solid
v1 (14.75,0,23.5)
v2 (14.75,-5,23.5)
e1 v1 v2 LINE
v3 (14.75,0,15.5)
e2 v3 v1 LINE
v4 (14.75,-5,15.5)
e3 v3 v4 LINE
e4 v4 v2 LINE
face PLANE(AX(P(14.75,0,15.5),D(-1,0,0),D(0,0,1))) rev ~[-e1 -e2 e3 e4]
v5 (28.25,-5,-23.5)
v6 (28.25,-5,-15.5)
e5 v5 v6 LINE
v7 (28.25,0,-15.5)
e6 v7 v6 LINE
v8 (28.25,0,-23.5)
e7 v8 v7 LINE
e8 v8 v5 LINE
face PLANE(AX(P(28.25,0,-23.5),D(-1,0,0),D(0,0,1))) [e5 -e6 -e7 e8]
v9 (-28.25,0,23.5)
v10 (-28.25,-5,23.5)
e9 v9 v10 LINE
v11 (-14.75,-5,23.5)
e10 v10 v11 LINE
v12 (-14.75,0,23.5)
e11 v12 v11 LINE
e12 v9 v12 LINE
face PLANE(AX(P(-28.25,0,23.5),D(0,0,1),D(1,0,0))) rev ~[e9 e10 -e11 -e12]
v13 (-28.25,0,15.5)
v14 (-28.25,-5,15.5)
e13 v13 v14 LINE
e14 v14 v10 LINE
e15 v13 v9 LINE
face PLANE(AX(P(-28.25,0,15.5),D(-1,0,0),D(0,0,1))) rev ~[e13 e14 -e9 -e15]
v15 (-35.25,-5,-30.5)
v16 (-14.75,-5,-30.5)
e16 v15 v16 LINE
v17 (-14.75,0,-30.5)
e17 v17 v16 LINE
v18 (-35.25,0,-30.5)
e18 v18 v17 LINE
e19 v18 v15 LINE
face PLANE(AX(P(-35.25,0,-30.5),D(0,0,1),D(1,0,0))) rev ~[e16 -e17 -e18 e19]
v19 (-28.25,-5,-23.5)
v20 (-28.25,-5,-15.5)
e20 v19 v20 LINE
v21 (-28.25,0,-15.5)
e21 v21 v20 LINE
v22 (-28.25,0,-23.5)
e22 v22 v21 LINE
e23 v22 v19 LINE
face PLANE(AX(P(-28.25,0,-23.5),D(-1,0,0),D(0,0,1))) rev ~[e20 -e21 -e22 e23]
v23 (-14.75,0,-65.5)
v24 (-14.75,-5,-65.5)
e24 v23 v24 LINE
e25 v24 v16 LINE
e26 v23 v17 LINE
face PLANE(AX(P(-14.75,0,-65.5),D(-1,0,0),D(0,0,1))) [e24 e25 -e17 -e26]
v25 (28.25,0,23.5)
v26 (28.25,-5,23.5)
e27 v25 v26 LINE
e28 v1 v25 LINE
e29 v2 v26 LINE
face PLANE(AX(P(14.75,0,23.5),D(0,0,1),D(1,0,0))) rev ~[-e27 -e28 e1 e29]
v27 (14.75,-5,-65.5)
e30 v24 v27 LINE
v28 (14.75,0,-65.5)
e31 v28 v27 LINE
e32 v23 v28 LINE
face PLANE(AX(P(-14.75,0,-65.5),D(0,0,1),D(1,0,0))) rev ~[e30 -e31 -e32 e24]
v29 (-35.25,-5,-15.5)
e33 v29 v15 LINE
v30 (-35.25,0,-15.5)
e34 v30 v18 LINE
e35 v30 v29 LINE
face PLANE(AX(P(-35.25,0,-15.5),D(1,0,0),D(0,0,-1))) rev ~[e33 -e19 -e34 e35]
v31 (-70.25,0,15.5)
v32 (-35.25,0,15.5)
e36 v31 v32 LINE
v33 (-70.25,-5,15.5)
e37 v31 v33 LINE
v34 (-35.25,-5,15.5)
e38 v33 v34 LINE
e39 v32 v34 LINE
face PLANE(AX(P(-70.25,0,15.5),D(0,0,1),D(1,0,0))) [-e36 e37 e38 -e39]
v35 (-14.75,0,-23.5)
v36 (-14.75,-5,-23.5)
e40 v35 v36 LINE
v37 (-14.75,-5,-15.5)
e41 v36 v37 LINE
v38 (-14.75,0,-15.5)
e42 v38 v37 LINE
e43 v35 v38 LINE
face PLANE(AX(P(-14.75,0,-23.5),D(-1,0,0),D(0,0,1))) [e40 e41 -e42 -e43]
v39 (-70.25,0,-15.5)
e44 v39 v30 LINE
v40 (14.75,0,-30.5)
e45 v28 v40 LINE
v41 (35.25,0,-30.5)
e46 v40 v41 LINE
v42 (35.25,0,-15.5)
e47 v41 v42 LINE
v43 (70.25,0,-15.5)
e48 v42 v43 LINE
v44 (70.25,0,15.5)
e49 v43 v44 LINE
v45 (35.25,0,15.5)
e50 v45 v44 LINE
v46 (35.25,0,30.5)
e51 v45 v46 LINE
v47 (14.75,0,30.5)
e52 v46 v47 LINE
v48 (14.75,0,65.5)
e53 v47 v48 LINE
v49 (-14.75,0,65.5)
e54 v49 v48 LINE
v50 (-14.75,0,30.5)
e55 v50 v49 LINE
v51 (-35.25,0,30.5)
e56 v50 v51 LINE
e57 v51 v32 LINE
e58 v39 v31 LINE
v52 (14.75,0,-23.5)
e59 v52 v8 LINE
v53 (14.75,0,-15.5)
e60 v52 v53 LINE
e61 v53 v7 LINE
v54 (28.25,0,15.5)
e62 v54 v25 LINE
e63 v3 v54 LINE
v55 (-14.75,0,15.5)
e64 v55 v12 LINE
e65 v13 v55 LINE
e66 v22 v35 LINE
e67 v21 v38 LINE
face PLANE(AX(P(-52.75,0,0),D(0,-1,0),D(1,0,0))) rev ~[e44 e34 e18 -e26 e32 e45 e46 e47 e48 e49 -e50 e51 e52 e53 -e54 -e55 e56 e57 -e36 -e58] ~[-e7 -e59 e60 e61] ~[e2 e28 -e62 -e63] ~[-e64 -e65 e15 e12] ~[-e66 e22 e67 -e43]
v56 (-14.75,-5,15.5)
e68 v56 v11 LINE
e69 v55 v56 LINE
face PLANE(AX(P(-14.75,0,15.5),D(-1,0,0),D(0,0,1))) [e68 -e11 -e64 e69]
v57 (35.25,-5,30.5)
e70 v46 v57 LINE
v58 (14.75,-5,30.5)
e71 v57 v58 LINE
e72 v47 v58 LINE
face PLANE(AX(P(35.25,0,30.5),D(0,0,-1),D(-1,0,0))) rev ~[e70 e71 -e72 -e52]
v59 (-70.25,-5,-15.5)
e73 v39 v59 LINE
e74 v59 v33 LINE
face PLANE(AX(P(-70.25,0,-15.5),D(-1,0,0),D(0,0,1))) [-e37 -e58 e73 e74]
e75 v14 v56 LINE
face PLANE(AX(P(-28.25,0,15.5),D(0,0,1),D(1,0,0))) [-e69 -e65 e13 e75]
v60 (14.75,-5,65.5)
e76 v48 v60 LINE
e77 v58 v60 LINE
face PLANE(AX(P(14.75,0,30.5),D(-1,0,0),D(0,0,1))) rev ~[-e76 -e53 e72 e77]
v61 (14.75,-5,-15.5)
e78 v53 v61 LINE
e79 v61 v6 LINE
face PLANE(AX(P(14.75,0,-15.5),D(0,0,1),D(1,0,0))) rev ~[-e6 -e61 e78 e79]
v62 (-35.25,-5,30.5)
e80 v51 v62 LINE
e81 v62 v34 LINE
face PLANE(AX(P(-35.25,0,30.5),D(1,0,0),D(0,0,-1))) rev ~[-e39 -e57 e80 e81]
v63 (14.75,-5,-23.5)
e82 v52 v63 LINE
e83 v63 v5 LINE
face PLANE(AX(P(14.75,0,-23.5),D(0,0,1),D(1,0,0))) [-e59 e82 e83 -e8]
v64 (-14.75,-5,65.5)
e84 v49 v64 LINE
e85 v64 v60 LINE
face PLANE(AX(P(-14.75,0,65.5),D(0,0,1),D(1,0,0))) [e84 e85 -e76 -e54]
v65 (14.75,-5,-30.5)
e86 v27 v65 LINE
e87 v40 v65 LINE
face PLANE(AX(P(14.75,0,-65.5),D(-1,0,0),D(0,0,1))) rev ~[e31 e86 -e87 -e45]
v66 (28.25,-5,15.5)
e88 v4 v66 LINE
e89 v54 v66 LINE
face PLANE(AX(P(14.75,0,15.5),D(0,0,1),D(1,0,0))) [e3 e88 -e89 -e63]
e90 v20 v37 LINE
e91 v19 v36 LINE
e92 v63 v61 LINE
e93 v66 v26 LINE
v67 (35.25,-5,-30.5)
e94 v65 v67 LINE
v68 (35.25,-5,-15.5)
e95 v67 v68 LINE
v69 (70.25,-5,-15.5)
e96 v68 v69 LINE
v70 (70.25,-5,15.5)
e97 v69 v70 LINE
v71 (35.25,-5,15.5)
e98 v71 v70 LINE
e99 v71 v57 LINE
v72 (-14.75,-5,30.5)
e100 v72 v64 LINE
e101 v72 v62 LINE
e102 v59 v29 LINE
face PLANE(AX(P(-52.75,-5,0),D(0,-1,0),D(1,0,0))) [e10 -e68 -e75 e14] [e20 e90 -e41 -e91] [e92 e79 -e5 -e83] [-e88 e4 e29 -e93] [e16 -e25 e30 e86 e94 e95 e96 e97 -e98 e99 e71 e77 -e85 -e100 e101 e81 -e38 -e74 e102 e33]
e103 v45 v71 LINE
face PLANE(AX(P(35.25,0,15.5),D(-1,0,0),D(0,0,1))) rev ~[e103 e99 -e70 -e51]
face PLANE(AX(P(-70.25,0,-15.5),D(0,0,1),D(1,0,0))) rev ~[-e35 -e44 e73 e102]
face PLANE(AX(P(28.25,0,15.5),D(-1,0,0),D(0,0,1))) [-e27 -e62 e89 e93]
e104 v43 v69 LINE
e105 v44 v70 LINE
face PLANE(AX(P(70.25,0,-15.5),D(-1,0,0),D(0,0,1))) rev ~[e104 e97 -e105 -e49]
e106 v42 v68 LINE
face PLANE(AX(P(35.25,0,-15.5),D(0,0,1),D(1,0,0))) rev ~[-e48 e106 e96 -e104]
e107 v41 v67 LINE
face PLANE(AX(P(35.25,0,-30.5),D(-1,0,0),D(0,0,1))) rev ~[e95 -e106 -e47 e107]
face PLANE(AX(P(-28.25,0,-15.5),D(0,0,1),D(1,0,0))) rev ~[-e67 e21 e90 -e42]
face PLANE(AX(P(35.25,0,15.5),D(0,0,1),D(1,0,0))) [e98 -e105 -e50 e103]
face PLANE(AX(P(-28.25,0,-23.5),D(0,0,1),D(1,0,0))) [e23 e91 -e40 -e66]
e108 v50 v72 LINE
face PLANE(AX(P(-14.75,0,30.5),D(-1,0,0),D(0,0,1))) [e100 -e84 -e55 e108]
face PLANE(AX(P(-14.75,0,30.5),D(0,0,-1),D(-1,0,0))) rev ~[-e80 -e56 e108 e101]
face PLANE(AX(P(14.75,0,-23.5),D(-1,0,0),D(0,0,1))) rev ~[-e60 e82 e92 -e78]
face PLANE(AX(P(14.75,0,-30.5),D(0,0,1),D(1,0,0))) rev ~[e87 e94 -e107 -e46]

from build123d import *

# Parameters (mm, degrees)
F0_W     = 35
F0_H     = 31
F0_W_2   = 13.5
F0_H_2   = 8
F0_W_3   = 29.5
F0_H_3   = 35
F1_DEPTH = 5


with BuildPart() as f1:
    # F0 (on Front) → F1 (new body)
    with BuildSketch(Plane.XZ):
        with Locations((-52.75, 0)):
            Rectangle(F0_W, F0_H)
        Polygon((-14.75, 30.5), (-35.25, 30.5), (-35.25, 15.5), (-35.25, -15.5), (-35.25, -30.5), (-14.75, -30.5), (14.75, -30.5), (35.25, -30.5), (35.25, -15.5), (35.25, 15.5), (35.25, 30.5), (14.75, 30.5), align=None)
        with Locations((-21.5, -19.5)):
            Rectangle(F0_W_2, F0_H_2, mode=Mode.SUBTRACT)
        with Locations((21.5, -19.5)):
            Rectangle(F0_W_2, F0_H_2, mode=Mode.SUBTRACT)
        with Locations((-21.5, 19.5)):
            Rectangle(F0_W_2, F0_H_2, mode=Mode.SUBTRACT)
        with Locations((21.5, 19.5)):
            Rectangle(F0_W_2, F0_H_2, mode=Mode.SUBTRACT)
        with Locations((0, 48)):
            Rectangle(F0_W_3, F0_H_3)
        with Locations((0, -48)):
            Rectangle(F0_W_3, F0_H_3)
        with Locations((52.75, 0)):
            Rectangle(F0_W, F0_H)
    extrude(amount=F1_DEPTH)


solid = f1.part
